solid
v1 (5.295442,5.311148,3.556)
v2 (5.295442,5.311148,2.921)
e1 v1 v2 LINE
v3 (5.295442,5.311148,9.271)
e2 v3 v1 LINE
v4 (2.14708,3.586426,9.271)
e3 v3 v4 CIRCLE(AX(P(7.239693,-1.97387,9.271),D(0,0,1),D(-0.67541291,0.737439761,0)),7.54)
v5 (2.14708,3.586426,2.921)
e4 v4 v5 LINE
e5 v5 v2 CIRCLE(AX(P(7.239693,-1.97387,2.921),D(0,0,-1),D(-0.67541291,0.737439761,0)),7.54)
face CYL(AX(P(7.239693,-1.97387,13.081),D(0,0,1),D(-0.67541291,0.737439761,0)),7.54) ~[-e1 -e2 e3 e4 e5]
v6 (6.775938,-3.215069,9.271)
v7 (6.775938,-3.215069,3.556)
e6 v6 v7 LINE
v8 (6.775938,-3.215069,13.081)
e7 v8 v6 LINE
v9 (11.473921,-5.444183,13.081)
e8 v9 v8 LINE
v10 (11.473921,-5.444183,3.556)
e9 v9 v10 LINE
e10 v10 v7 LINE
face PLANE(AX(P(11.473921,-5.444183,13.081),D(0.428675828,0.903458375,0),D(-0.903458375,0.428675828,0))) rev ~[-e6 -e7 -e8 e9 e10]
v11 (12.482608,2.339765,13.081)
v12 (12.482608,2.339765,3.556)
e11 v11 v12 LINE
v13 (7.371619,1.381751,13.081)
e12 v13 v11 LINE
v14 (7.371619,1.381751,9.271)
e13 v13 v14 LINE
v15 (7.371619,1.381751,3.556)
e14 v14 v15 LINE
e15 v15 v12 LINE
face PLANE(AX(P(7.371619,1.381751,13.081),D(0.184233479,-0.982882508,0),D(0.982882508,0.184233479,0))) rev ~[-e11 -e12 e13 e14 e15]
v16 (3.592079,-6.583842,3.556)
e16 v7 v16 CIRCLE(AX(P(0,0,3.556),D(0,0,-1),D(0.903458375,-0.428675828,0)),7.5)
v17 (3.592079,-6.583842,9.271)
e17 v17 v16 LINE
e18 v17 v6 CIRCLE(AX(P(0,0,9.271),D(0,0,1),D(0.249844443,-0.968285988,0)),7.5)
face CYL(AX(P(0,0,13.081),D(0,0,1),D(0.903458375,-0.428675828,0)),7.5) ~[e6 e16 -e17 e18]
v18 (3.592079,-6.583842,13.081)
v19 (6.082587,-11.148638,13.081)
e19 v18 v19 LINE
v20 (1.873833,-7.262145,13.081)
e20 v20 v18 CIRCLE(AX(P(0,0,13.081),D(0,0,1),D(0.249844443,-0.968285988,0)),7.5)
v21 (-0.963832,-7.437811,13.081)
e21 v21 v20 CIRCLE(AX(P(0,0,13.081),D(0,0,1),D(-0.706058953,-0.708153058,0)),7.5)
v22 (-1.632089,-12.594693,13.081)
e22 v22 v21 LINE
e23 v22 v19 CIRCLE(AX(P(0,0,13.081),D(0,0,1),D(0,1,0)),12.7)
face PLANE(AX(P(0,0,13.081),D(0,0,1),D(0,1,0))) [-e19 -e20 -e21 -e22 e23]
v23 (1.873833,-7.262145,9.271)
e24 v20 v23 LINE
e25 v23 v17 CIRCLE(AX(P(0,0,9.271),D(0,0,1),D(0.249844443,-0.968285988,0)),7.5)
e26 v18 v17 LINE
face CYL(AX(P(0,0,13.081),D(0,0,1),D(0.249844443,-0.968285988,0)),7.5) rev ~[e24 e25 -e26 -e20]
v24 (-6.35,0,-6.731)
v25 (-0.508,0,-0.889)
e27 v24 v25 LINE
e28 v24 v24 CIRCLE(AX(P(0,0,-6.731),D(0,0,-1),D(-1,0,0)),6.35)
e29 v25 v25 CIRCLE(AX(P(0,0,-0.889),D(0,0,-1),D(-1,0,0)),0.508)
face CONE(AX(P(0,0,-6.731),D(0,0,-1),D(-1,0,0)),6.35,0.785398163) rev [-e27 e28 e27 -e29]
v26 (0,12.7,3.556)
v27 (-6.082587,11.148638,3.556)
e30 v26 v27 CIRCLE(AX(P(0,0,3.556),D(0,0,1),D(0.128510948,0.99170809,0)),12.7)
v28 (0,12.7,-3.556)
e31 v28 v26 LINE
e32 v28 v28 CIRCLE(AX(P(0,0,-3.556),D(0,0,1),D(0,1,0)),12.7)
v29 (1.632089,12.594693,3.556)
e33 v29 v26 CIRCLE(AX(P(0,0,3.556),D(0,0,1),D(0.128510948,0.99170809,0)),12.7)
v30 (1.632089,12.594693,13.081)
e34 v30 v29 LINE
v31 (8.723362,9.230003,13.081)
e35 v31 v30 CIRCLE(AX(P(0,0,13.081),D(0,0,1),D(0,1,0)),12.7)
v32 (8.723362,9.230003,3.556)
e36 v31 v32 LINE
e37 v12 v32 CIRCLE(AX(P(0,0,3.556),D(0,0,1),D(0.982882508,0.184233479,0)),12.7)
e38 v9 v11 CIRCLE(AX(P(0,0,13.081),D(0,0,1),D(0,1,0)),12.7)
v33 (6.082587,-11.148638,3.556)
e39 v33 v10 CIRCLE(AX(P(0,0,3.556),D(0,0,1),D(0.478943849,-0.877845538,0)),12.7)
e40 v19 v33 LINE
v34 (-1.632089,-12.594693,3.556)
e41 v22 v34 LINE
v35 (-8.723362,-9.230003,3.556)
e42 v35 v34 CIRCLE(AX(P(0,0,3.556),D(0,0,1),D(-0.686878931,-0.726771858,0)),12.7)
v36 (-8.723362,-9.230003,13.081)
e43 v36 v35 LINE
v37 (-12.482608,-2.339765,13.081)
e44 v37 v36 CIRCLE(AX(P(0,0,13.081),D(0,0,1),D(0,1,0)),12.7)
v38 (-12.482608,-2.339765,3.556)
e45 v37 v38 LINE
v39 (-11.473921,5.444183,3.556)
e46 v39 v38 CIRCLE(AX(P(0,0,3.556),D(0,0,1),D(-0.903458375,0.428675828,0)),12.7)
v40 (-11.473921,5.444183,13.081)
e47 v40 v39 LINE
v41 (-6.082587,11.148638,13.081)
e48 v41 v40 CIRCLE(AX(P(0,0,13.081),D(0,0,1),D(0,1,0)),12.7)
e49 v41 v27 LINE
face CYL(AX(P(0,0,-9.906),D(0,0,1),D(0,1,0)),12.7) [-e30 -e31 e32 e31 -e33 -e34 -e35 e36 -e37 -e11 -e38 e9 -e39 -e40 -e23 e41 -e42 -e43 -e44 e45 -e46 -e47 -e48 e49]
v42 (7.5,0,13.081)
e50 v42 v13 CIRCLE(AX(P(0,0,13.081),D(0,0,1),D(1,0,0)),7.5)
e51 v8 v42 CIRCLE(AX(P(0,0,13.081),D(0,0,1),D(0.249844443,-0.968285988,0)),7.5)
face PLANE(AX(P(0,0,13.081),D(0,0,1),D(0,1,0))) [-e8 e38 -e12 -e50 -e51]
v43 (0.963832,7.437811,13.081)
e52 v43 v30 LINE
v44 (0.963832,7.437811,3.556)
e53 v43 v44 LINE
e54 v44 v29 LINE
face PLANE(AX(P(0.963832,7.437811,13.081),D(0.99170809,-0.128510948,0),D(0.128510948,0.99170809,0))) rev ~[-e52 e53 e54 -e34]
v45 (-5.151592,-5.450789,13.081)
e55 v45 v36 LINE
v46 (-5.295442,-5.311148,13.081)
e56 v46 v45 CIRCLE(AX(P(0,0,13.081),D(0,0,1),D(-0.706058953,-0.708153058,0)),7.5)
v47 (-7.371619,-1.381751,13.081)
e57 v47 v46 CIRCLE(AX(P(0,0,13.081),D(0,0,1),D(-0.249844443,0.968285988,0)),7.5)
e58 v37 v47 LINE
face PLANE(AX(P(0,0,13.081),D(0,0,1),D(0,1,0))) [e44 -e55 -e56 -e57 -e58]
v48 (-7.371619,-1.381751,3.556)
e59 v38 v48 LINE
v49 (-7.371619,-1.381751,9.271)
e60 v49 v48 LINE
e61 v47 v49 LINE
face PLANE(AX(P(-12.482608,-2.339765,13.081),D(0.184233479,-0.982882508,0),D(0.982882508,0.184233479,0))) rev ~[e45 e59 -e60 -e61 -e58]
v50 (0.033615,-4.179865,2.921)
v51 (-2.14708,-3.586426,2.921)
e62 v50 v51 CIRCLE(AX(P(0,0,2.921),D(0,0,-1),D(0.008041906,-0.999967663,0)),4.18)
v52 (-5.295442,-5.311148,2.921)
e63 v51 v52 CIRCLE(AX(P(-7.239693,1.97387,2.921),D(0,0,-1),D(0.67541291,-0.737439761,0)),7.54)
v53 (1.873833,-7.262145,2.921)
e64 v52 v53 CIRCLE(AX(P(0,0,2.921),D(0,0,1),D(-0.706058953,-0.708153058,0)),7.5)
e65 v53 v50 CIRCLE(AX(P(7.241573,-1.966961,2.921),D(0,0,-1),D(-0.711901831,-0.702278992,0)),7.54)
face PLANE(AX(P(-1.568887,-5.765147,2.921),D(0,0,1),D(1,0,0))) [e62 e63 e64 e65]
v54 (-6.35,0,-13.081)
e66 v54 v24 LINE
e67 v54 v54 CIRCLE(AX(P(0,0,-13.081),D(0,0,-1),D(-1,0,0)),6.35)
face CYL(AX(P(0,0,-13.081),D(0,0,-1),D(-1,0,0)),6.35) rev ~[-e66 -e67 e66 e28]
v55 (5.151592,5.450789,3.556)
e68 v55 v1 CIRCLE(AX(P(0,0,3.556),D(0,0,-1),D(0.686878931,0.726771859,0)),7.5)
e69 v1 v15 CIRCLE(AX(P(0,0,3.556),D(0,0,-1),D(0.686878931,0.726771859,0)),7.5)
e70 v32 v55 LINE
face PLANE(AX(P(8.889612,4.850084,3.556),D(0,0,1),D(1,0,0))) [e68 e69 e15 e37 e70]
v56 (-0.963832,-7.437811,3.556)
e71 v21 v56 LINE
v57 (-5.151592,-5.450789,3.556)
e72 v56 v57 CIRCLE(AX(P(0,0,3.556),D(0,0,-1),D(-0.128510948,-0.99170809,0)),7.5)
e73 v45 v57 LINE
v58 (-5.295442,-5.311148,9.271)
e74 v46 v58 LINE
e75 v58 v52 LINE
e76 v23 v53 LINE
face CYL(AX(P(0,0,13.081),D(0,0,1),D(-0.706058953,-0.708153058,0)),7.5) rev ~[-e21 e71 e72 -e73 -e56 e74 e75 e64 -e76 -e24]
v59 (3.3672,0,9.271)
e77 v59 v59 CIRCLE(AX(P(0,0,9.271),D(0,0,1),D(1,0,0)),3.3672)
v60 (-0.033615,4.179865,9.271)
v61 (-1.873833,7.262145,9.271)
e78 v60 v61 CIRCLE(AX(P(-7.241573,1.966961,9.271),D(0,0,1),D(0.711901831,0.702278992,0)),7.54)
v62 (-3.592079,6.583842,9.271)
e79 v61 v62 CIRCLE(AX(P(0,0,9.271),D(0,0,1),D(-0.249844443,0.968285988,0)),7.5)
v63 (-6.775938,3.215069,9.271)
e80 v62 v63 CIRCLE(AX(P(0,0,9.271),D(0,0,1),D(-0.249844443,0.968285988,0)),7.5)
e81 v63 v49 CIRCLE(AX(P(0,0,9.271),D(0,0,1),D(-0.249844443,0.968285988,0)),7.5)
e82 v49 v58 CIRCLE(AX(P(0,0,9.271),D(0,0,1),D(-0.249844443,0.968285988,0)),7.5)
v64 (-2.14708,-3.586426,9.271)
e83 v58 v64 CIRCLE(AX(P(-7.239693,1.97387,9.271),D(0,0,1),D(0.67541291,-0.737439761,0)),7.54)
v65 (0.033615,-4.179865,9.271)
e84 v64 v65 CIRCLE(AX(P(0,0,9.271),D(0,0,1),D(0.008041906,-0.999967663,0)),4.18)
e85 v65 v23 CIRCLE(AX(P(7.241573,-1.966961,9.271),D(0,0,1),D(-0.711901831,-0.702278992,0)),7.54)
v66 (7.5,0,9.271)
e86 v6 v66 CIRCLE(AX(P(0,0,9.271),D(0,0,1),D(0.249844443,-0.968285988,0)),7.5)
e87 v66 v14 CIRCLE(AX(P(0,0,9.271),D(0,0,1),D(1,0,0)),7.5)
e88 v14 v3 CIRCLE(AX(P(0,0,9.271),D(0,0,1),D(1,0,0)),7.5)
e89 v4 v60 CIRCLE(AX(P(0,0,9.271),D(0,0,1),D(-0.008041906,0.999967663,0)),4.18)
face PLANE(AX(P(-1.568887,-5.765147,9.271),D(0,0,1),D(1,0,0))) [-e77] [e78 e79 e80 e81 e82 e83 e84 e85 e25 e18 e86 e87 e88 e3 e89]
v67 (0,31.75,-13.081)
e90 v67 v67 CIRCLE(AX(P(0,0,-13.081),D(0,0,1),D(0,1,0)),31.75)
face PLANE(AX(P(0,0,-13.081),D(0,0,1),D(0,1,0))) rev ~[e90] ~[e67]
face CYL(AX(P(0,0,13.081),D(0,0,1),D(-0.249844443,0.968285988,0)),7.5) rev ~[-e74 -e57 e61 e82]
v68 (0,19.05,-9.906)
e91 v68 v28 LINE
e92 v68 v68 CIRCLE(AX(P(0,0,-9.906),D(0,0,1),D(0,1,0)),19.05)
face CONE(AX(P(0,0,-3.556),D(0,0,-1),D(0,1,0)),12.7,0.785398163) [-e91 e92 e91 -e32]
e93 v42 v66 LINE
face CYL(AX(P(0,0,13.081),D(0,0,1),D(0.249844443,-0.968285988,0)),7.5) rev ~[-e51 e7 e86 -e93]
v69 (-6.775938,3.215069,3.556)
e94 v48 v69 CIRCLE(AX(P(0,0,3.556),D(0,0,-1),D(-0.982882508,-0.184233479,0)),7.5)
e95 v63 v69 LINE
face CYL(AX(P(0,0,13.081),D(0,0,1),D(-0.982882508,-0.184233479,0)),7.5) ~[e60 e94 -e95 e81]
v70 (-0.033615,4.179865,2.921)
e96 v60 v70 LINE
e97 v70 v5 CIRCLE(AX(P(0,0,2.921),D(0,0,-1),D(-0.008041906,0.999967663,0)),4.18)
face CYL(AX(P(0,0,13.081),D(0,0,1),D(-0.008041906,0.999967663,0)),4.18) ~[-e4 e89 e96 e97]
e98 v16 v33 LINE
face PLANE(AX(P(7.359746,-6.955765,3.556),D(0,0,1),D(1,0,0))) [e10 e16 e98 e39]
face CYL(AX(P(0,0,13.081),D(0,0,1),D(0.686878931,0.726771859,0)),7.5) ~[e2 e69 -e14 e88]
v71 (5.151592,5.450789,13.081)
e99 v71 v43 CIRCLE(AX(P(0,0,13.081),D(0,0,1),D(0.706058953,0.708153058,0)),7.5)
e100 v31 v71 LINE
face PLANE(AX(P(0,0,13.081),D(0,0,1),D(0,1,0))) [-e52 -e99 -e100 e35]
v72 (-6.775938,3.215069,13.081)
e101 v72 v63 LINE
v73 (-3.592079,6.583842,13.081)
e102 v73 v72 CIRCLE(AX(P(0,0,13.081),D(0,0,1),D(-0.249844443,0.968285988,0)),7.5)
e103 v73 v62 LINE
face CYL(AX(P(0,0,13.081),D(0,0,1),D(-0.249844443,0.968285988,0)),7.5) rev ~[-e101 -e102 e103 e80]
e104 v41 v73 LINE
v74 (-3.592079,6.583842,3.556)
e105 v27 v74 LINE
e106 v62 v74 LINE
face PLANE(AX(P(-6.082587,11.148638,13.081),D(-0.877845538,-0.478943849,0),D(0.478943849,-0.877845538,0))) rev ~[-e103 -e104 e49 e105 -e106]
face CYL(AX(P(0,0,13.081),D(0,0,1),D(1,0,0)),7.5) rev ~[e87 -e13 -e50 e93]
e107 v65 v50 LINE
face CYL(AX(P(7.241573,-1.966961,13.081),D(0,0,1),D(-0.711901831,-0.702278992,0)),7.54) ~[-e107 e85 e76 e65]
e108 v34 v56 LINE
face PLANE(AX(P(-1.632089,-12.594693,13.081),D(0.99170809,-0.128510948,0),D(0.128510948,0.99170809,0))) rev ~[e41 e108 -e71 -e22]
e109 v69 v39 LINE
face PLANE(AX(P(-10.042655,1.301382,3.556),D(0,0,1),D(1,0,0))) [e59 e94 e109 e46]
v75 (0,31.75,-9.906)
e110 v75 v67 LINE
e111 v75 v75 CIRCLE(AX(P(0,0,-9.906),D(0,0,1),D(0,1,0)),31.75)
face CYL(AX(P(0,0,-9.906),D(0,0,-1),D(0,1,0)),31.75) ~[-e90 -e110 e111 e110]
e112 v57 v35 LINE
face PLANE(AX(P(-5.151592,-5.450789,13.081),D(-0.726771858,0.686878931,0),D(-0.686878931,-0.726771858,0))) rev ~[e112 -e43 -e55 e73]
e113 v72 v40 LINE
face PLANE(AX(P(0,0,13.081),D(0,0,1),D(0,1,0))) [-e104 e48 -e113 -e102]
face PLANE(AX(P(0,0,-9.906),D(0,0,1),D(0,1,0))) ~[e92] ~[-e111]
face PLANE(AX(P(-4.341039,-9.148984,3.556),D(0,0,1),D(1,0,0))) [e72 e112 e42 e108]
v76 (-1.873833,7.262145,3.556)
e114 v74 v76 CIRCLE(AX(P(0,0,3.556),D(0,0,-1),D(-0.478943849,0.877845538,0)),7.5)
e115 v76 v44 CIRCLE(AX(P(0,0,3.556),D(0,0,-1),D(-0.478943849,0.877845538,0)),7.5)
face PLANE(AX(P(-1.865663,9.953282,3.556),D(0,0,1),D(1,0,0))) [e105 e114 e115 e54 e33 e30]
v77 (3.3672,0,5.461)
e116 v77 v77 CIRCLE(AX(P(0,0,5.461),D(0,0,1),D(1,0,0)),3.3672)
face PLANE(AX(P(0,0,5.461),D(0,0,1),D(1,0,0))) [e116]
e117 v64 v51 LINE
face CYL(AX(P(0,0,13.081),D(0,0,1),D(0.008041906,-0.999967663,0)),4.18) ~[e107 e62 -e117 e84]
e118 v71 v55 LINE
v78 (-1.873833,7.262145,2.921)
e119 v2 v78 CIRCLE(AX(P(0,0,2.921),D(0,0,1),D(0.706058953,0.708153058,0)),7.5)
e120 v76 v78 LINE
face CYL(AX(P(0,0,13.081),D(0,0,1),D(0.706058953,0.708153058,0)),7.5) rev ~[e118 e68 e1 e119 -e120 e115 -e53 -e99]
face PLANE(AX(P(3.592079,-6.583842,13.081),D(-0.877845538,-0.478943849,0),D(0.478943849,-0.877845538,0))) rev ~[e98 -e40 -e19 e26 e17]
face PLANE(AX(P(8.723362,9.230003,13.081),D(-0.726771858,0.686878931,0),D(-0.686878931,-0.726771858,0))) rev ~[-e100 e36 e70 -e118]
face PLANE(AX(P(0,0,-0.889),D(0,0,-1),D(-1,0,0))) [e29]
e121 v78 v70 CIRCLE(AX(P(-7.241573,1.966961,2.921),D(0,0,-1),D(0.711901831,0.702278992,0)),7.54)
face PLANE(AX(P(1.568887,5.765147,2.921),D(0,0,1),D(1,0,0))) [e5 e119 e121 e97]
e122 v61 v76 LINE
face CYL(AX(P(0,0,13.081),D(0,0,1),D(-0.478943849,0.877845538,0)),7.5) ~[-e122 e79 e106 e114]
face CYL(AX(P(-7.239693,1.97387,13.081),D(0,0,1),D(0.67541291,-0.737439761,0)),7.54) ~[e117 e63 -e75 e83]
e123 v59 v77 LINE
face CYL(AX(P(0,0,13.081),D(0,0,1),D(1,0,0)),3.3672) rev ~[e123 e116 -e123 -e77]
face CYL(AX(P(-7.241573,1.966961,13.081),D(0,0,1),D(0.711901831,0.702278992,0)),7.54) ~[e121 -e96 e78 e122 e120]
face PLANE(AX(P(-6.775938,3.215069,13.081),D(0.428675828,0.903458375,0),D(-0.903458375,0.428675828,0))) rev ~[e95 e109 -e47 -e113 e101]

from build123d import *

# Parameters (mm, degrees)
SKETCH11_R          = 3.3672
CUT_EXTRUDE5_DEPTH  = 3.81
SKETCH11_5_R        = 3.3672
CUT_EXTRUDE7_DEPTH  = 7.62
CUT_EXTRUDE8_DEPTH  = 10.16
SKETCH13_R          = 6.35
CUT_EXTRUDE10_DEPTH = 12.192
CHAMFER1_SIZE       = 5.842
CHAMFER2_SIZE       = 6.35
CUT_EXTRUDE11_DEPTH = 9.525


with BuildPart() as part:
    # Sketch2 → Revolve1 (revolve)
    with BuildSketch(Plane(origin=(0, 0, 0), x_dir=(0, 0, -1), z_dir=(1, 0, 0))):
        Polygon((-13.081, 0), (-13.081, 9.525), (-13.081, 12.7), (-9.906, 12.7), (9.906, 12.7), (9.906, 31.75), (13.081, 31.75), (13.081, 0), align=None)
    revolve(axis=Axis((0, 0, -13.081), (0, 0, 1)))

    # Sketch11 → Cut-Extrude5 (cut)
    # profile 1 of 4: a face of its own
    with BuildSketch(Plane.XY.offset(13.081)):
        with BuildLine():
            ThreePointArc((-5.295442149, -5.31114794), (-1.969377828, -7.23681912), (1.873833325, -7.262144908))
            ThreePointArc((1.873833325, -7.262144908), (0.767613275, -5.832118974), (0.033615166, -4.179864833))
            ThreePointArc((0.033615166, -4.179864833), (-1.097599909, -4.033320523), (-2.147079662, -3.586425647))
            ThreePointArc((-2.147079662, -3.586425647), (-3.617120551, -4.638887883), (-5.295442149, -5.31114794))
        make_face()
    # profile 2 of 4: a face of its own
    with BuildSketch(Plane.XY.offset(13.081)):
        with BuildLine():
            ThreePointArc((7.5, 0), (6.926969616, 2.875255109), (5.295442149, 5.31114794))
            ThreePointArc((5.295442149, 5.31114794), (3.617120551, 4.638887883), (2.147079662, 3.586425647))
            ThreePointArc((2.147079662, 3.586425647), (1.097599909, 4.033320523), (-0.033615166, 4.179864833))
            ThreePointArc((-0.033615166, 4.179864833), (-0.767613275, 5.832118974), (-1.873833325, 7.262144908))
            ThreePointArc((-1.873833325, 7.262144908), (-7.23681912, 1.969377828), (-5.295442149, -5.31114794))
            ThreePointArc((-5.295442149, -5.31114794), (-3.617120551, -4.638887883), (-2.147079662, -3.586425647))
            ThreePointArc((-2.147079662, -3.586425647), (-1.097599909, -4.033320523), (0.033615166, -4.179864833))
            ThreePointArc((0.033615166, -4.179864833), (0.767613275, -5.832118974), (1.873833325, -7.262144908))
            ThreePointArc((1.873833325, -7.262144908), (5.928901666, -4.593269536), (7.5, 0))
        make_face()
        Circle(SKETCH11_R, mode=Mode.SUBTRACT)
    # profile 3 of 4: a face of its own
    with BuildSketch(Plane.XY.offset(13.081)):
        Circle(SKETCH11_R)
    # profile 4 of 4: a face of its own
    with BuildSketch(Plane.XY.offset(13.081)):
        with BuildLine():
            ThreePointArc((2.147079662, 3.586425647), (3.617120551, 4.638887883), (5.295442149, 5.31114794))
            ThreePointArc((5.295442149, 5.31114794), (1.969377828, 7.23681912), (-1.873833325, 7.262144908))
            ThreePointArc((-1.873833325, 7.262144908), (-0.767613275, 5.832118974), (-0.033615166, 4.179864833))
            ThreePointArc((-0.033615166, 4.179864833), (1.097599909, 4.033320523), (2.147079662, 3.586425647))
        make_face()
    extrude(amount=-CUT_EXTRUDE5_DEPTH, mode=Mode.SUBTRACT)

    # Sketch11<5> → Cut-Extrude7 (cut)
    with BuildSketch(Plane.XY.offset(13.081)):
        Circle(SKETCH11_5_R)
    extrude(amount=-CUT_EXTRUDE7_DEPTH, mode=Mode.SUBTRACT)

    # Sketch11<6> → Cut-Extrude8 (cut)
    with BuildSketch(Plane.XY.offset(13.081)):
        with BuildLine():
            ThreePointArc((-5.295442149, -5.31114794), (-1.969377828, -7.23681912), (1.873833325, -7.262144908))
            ThreePointArc((1.873833325, -7.262144908), (0.767613275, -5.832118974), (0.033615166, -4.179864833))
            ThreePointArc((0.033615166, -4.179864833), (-1.097599909, -4.033320523), (-2.147079662, -3.586425647))
            ThreePointArc((-2.147079662, -3.586425647), (-3.617120551, -4.638887883), (-5.295442149, -5.31114794))
        make_face()
        with BuildLine():
            ThreePointArc((2.147079662, 3.586425647), (3.617120551, 4.638887883), (5.295442149, 5.31114794))
            ThreePointArc((5.295442149, 5.31114794), (1.969377828, 7.23681912), (-1.873833325, 7.262144908))
            ThreePointArc((-1.873833325, 7.262144908), (-0.767613275, 5.832118974), (-0.033615166, 4.179864833))
            ThreePointArc((-0.033615166, 4.179864833), (1.097599909, 4.033320523), (2.147079662, 3.586425647))
        make_face()
    extrude(amount=-CUT_EXTRUDE8_DEPTH, mode=Mode.SUBTRACT)

    # Sketch13 → Cut-Extrude10 (cut)
    with BuildSketch(Plane(origin=(0, 0, -13.081), x_dir=(-1, 0, 0), z_dir=(0, 0, -1))):
        Circle(SKETCH13_R)
    extrude(amount=-CUT_EXTRUDE10_DEPTH, mode=Mode.SUBTRACT)

    # Chamfer1
    chamfer1_edges = [part.edges().sort_by_distance(p)[0] for p in [
        (6.35, 0, -0.889),
    ]]
    chamfer(chamfer1_edges, length=CHAMFER1_SIZE)

    # Chamfer2
    chamfer2_edges = [part.edges().sort_by_distance(p)[0] for p in [
        (0, -12.7, -9.906),
    ]]
    chamfer(chamfer2_edges, length=CHAMFER2_SIZE)

    # Sketch14 → Cut-Extrude11 (cut)
    with BuildSketch(Plane.XY.offset(13.081)):
        with BuildLine():
            Line((-6.77593781, 3.215068708), (-11.473921358, 5.444183013))
            ThreePointArc((-11.473921358, 5.444183013), (-12.594692746, 1.632089038), (-12.482607856, -2.339765182))
            Line((-12.482607856, -2.339765182), (-7.371618813, -1.381751092))
            ThreePointArc((-7.371618813, -1.381751092), (-7.437810677, 0.963832109), (-6.77593781, 3.215068708))
        make_face()
        with BuildLine():
            ThreePointArc((1.632089038, 12.594692746), (-2.339765182, 12.482607856), (-6.082586885, 11.148638338))
            Line((-6.082586885, 11.148638338), (-3.592078869, 6.583841538))
            ThreePointArc((-3.592078869, 6.583841538), (-1.381751092, 7.371618813), (0.963832109, 7.437810677))
            Line((0.963832109, 7.437810677), (1.632089038, 12.594692746))
        make_face()
        with BuildLine():
            ThreePointArc((12.482607856, 2.339765182), (11.148638338, 6.082586885), (8.723362422, 9.230002603))
            Line((8.723362422, 9.230002603), (5.151591981, 5.450788939))
            ThreePointArc((5.151591981, 5.450788939), (6.583841538, 3.592078869), (7.371618813, 1.381751092))
            Line((7.371618813, 1.381751092), (12.482607856, 2.339765182))
        make_face()
        with BuildLine():
            Line((3.592078869, -6.583841538), (6.082586885, -11.148638338))
            ThreePointArc((6.082586885, -11.148638338), (9.230002603, -8.723362422), (11.473921358, -5.444183013))
            Line((11.473921358, -5.444183013), (6.77593781, -3.215068708))
            ThreePointArc((6.77593781, -3.215068708), (5.450788939, -5.151591981), (3.592078869, -6.583841538))
        make_face()
        with BuildLine():
            Line((-5.151591981, -5.450788939), (-8.723362422, -9.230002603))
            ThreePointArc((-8.723362422, -9.230002603), (-5.444183013, -11.473921358), (-1.632089038, -12.594692746))
            Line((-1.632089038, -12.594692746), (-0.963832109, -7.437810677))
            ThreePointArc((-0.963832109, -7.437810677), (-3.215068708, -6.77593781), (-5.151591981, -5.450788939))
        make_face()
    extrude(amount=-CUT_EXTRUDE11_DEPTH, mode=Mode.SUBTRACT)


solid = part.part
